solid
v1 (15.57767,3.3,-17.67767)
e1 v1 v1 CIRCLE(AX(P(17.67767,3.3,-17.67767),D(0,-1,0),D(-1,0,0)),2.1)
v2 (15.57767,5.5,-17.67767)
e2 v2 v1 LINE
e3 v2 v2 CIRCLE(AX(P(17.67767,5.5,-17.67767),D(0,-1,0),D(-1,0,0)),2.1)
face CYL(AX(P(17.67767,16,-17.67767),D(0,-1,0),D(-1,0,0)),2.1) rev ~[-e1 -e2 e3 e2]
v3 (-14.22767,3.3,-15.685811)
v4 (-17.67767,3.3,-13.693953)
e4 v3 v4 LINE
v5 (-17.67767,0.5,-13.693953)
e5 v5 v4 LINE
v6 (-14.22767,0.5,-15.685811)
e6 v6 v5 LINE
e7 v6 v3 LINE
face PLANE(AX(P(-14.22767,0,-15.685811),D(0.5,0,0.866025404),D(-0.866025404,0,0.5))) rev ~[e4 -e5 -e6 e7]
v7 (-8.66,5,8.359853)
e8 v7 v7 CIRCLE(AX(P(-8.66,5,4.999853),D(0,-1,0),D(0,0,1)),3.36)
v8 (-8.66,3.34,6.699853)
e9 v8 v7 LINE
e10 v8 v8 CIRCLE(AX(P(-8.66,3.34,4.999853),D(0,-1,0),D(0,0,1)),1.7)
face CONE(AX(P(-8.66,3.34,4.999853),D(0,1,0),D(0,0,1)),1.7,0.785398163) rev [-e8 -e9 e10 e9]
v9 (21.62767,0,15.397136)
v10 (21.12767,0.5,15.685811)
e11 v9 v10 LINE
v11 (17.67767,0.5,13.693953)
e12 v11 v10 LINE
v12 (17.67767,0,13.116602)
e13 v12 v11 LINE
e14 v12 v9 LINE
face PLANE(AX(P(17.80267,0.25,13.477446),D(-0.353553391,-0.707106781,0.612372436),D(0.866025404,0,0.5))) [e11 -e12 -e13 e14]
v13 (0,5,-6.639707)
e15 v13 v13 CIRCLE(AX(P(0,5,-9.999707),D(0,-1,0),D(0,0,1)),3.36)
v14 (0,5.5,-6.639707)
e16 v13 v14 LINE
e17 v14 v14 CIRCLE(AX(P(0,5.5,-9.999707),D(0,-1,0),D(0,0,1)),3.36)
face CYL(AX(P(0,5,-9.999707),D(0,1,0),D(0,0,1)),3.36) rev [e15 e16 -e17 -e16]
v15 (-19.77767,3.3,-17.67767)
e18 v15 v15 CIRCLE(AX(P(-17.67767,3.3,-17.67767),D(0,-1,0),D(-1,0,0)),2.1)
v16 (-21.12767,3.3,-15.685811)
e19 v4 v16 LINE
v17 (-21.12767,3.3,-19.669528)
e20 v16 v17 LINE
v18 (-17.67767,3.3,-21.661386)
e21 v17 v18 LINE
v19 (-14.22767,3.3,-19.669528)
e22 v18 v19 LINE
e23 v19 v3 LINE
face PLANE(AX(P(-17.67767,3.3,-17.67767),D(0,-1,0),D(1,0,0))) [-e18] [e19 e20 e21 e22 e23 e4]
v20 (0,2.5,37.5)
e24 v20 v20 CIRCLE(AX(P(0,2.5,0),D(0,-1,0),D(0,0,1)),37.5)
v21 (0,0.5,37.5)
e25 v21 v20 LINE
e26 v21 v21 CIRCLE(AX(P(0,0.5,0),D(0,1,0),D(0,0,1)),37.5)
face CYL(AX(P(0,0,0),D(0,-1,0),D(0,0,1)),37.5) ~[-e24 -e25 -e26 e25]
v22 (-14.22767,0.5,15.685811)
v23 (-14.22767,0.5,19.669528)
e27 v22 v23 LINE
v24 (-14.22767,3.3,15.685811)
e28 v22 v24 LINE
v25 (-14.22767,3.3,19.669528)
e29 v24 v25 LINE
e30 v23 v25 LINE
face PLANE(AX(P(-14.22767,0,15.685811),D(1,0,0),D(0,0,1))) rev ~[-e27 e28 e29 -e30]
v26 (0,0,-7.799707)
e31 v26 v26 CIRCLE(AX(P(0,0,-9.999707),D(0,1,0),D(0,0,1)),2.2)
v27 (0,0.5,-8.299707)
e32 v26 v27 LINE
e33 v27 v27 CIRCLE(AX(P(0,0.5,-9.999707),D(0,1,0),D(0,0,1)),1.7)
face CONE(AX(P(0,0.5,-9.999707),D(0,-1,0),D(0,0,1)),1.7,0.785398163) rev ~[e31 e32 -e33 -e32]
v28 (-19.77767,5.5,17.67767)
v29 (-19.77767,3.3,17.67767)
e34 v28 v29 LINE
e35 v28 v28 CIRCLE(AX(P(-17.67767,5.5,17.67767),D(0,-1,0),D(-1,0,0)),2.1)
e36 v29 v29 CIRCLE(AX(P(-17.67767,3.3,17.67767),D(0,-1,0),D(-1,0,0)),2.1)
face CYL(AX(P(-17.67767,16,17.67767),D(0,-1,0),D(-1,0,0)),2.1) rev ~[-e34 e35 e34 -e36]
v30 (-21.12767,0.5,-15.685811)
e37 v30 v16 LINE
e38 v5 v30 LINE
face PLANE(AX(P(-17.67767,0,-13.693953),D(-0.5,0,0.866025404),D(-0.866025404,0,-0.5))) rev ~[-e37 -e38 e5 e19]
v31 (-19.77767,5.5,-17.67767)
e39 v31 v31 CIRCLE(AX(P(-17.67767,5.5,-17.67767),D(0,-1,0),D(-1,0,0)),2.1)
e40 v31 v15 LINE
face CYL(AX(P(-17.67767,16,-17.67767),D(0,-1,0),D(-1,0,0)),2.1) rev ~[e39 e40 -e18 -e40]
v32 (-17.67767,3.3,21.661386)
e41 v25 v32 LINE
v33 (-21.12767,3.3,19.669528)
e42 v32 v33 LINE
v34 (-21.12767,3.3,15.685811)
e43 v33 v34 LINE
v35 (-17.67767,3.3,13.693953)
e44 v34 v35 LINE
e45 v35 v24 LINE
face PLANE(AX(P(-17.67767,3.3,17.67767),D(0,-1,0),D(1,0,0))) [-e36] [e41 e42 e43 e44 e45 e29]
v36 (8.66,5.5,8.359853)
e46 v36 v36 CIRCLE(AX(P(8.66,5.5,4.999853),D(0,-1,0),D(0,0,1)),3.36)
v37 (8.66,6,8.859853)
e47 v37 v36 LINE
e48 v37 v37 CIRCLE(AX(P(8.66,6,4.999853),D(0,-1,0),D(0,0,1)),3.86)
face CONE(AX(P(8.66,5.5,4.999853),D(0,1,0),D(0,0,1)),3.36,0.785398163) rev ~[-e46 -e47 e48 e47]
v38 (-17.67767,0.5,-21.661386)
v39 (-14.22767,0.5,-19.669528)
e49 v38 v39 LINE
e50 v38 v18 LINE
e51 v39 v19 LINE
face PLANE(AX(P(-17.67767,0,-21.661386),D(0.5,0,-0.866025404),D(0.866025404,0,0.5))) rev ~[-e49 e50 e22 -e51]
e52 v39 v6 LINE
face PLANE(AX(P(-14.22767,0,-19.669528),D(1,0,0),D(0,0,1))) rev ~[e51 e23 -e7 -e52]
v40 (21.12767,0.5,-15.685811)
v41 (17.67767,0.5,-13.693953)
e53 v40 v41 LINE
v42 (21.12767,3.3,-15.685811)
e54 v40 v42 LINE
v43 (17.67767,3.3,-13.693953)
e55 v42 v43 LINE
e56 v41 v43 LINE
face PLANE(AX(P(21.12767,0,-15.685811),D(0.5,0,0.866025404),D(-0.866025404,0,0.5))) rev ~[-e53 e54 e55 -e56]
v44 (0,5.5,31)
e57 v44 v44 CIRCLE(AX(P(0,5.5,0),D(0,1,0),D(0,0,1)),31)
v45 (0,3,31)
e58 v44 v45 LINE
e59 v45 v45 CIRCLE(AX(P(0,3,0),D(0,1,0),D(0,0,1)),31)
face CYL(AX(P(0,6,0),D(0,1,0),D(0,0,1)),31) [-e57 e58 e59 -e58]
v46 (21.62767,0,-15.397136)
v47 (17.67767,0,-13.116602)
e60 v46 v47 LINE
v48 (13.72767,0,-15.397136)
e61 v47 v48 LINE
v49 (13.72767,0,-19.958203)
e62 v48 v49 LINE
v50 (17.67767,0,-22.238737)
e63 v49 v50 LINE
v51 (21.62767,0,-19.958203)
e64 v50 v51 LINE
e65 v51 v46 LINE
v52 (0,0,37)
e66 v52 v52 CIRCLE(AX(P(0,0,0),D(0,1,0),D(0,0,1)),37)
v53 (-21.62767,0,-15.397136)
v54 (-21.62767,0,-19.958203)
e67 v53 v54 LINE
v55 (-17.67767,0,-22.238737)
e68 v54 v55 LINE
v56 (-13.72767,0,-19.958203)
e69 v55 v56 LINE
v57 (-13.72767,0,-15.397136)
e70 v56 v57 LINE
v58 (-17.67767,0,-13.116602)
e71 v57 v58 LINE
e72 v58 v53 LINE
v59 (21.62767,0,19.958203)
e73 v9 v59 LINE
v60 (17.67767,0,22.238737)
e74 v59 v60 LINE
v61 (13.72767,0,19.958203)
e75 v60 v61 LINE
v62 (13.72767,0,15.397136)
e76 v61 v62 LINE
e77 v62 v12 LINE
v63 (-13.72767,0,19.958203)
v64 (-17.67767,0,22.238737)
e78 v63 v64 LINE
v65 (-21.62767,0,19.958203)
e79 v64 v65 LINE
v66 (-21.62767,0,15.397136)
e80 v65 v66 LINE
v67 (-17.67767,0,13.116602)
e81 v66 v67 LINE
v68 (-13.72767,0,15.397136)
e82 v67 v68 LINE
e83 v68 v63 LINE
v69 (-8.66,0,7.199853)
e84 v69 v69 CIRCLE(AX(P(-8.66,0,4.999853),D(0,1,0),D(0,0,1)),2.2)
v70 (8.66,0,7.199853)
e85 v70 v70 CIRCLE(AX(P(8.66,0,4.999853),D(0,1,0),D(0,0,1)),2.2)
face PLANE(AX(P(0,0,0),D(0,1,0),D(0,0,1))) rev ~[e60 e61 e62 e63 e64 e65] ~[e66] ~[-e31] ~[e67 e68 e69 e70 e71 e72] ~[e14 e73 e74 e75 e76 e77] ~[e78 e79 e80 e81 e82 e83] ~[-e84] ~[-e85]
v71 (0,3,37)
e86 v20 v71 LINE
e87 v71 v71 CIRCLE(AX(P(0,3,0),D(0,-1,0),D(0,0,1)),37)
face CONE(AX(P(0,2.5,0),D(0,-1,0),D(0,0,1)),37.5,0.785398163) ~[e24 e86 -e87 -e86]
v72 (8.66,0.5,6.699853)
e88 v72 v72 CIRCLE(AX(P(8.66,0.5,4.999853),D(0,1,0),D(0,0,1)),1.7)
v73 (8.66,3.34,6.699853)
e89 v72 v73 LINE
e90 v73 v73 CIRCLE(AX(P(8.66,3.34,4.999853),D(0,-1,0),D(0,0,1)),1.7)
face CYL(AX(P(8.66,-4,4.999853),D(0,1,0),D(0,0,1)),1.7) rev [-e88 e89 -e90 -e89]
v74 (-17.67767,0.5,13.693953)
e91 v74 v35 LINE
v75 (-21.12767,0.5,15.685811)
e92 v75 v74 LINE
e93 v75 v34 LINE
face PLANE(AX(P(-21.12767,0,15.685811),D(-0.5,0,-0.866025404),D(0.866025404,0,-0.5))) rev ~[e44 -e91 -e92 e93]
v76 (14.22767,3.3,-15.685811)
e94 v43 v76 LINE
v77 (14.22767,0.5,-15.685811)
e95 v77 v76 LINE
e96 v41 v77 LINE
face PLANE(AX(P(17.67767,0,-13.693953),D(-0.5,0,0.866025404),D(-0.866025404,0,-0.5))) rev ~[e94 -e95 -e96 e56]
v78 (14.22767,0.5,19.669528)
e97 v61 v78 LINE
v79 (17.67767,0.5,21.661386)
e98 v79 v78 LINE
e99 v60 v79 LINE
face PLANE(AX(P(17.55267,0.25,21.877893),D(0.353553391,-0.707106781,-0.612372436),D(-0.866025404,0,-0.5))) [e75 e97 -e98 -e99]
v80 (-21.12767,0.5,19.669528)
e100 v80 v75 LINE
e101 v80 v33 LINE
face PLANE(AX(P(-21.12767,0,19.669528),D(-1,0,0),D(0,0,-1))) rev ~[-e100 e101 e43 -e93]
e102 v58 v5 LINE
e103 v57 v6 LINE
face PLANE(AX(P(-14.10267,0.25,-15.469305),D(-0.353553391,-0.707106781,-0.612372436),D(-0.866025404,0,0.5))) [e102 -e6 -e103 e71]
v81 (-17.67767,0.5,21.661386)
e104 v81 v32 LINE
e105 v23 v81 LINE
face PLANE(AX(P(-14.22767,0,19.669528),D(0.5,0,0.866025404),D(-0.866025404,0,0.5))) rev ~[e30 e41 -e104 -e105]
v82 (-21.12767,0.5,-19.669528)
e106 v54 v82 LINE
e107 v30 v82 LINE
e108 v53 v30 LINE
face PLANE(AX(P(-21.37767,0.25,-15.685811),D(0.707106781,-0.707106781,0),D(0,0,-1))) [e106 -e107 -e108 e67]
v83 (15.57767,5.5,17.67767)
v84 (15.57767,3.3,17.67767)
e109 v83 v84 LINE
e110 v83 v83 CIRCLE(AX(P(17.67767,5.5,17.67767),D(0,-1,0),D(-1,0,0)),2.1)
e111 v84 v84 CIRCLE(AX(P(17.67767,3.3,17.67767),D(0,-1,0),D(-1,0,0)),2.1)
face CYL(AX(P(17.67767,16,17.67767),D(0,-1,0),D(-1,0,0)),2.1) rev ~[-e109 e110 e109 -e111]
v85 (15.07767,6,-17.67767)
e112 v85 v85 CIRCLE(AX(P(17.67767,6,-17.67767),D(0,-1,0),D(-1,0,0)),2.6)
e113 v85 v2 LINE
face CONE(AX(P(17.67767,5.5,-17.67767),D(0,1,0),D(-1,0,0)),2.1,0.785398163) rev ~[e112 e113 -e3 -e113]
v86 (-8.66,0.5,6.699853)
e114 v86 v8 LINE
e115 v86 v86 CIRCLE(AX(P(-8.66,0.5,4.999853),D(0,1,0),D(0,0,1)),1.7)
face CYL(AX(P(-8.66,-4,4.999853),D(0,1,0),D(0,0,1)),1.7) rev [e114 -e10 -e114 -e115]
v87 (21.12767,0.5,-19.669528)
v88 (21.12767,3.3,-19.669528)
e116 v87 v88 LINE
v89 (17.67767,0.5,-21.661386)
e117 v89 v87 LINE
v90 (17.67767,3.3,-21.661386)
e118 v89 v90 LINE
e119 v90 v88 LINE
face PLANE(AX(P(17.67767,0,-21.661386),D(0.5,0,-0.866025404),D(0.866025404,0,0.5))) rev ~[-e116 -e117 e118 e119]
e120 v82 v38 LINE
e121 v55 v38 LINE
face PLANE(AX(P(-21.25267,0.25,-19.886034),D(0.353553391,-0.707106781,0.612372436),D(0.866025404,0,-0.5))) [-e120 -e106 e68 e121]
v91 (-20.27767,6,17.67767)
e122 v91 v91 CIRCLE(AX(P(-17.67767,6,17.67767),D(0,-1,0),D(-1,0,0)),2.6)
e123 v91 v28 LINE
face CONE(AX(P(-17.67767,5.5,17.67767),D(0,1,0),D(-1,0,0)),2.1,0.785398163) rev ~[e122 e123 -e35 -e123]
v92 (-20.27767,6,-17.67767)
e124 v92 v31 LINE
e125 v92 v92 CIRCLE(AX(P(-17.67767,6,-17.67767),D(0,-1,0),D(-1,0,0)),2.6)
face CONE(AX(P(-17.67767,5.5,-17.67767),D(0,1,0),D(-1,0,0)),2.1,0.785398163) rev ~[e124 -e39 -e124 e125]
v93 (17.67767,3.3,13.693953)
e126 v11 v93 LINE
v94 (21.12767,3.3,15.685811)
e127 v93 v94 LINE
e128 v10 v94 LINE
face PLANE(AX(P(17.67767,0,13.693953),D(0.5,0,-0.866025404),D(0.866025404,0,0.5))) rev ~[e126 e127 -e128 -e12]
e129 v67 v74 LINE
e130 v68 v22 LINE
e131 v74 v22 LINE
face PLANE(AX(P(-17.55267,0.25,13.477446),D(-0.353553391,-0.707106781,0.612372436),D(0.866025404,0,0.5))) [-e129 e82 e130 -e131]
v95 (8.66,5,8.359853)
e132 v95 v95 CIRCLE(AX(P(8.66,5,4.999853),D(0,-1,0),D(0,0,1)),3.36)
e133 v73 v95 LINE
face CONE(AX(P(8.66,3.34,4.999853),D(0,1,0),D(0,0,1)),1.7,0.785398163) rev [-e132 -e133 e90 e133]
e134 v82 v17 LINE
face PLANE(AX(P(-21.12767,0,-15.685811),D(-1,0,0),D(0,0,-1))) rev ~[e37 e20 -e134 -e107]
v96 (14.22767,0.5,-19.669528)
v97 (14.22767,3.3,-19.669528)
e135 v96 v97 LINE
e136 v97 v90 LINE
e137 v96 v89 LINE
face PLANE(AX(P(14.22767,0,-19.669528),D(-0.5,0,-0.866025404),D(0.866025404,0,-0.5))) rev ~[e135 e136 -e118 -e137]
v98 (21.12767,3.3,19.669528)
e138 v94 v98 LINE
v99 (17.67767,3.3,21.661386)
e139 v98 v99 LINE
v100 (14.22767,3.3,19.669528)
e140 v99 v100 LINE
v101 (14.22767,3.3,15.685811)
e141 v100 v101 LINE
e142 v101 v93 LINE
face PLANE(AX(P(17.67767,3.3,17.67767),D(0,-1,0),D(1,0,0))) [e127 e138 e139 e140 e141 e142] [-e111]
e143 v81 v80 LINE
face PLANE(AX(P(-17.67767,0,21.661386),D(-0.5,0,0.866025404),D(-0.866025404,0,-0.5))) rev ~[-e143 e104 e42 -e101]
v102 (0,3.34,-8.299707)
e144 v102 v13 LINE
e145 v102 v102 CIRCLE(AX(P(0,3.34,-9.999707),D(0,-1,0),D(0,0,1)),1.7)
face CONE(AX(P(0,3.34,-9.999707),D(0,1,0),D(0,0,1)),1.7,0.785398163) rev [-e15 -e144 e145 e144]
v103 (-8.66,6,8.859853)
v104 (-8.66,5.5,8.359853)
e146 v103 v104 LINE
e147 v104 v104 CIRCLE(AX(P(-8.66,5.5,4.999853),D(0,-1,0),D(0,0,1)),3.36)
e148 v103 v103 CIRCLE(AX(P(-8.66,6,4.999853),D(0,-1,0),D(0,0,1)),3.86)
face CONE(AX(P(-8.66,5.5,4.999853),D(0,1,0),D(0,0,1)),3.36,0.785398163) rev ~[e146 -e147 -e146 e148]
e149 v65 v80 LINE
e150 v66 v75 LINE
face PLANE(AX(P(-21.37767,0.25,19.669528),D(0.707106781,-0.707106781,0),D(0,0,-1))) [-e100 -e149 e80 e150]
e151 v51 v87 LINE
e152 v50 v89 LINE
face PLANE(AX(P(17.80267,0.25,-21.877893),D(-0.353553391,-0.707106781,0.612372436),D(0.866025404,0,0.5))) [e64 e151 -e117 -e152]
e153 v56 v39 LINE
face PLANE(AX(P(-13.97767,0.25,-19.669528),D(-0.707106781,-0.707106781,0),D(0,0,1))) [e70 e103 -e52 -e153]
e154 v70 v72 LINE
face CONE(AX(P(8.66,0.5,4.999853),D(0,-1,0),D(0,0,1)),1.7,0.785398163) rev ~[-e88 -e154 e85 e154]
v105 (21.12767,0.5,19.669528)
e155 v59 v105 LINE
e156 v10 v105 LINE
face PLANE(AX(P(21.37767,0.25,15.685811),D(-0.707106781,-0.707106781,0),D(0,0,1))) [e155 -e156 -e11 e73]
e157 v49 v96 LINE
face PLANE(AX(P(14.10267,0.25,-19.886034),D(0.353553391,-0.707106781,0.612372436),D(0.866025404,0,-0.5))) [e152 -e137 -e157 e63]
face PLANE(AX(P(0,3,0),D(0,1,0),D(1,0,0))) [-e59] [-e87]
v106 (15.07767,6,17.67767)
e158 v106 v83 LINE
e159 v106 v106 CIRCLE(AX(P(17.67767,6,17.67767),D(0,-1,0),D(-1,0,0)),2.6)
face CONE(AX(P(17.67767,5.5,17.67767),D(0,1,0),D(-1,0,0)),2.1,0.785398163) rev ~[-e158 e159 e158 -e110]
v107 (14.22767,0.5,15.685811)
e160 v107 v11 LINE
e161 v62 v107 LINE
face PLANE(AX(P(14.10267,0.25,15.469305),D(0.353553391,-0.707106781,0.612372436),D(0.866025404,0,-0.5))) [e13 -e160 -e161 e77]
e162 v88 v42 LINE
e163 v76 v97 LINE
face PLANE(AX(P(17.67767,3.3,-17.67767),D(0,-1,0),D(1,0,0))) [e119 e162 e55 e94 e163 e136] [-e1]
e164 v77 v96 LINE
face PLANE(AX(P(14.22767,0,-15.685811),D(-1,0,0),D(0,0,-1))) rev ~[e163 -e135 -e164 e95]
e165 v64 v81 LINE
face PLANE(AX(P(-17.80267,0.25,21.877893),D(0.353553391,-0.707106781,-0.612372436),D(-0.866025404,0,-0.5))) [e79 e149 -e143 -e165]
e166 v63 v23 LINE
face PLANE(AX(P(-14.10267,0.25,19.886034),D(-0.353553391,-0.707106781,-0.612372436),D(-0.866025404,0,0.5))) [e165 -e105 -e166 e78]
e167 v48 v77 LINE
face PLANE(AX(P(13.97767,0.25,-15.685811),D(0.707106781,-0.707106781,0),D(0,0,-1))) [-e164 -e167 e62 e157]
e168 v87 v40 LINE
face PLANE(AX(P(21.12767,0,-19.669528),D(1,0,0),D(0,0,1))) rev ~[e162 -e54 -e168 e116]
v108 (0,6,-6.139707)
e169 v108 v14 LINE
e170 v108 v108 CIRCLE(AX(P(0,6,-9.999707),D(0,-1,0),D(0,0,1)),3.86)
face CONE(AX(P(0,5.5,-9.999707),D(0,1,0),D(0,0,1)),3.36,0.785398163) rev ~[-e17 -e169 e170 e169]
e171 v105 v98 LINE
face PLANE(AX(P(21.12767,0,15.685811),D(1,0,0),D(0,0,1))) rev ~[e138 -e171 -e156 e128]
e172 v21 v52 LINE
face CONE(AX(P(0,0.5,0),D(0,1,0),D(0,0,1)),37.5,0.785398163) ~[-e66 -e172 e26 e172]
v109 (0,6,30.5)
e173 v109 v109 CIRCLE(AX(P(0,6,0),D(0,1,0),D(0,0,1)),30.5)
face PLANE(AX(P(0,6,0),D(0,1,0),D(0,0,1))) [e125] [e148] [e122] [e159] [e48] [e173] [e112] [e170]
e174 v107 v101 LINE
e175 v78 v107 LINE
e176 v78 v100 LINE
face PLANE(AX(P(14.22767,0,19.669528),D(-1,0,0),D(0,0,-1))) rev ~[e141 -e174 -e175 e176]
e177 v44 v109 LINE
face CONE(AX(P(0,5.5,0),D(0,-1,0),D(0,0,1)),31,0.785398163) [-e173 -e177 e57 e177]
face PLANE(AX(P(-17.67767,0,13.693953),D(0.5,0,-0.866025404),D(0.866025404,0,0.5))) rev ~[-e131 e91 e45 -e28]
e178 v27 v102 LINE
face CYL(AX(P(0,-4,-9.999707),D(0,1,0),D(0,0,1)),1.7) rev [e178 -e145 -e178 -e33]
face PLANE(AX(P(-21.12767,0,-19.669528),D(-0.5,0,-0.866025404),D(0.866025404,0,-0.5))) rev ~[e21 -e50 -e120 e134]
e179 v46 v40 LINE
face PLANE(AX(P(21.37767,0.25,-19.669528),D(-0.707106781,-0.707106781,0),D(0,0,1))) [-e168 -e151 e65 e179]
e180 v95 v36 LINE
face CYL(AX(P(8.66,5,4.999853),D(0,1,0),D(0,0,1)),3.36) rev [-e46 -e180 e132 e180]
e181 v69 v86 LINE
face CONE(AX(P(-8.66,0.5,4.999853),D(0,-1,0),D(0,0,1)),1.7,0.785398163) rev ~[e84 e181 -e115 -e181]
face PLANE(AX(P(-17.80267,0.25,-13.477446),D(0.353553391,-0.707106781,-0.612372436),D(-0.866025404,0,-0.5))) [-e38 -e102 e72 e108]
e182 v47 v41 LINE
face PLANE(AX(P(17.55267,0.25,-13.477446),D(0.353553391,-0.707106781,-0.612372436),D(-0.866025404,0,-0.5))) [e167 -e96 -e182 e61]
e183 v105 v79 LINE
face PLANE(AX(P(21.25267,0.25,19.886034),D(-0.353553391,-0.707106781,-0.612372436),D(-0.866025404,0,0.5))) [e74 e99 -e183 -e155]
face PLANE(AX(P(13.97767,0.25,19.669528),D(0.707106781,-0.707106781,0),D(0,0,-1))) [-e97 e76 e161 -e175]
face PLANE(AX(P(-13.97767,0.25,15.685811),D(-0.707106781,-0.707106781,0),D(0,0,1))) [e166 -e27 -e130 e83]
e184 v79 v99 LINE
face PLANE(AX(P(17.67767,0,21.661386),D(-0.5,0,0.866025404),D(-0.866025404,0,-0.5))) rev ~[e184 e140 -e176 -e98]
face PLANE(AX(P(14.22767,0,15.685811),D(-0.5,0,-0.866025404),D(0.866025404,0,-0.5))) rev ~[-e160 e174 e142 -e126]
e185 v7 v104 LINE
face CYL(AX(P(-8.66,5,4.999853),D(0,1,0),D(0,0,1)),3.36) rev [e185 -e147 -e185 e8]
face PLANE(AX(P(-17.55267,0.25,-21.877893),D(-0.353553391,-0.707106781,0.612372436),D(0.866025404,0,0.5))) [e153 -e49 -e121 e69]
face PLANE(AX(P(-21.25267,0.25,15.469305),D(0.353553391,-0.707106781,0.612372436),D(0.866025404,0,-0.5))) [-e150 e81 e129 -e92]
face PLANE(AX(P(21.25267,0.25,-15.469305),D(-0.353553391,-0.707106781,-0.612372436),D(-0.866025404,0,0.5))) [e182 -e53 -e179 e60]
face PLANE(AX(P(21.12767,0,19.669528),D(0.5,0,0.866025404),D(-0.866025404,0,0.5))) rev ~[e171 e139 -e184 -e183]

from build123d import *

# Parameters (mm, degrees)
SKETCH1_R                    = 37.5
BOSS_EXTRUDE1_DEPTH          = 6
CSK_FOR_M3_SFHCS1_AT_2_COUNT = 2
CSK_FOR_M3_SFHCS1_AT_2_PITCH = 17.32
CSK_FOR_M3_SFHCS1_AT_3_COUNT = 2
CSK_FOR_M3_SFHCS1_AT_3_PITCH = 17.32
SKETCH5_OUTSIDE_W            = 98.248
SKETCH5_OUTSIDE_H            = 98.248
SKETCH5_OUTSIDE_R            = 31
CUT_EXTRUDE2_DEPTH           = 3
F_4_0MM_DOWEL_HOLE1_D        = 4.2
F_4_0MM_DOWEL_HOLE1_DEPTH    = 10
F_4_0MM_DOWEL_HOLE1_TIP      = 1.2618073
CUT_EXTRUDE3_DEPTH           = 3.3
CHAMFER1_SIZE                = 0.5


with BuildPart() as part:
    # Sketch1 → Boss-Extrude1 (new body)
    with BuildSketch(Plane(origin=(0, 0, 0), x_dir=(1, 0, 0), z_dir=(0, 1, 0))):
        with Locations(Location((0, 0, 0), (0, 0, 270))):
            Circle(SKETCH1_R)
    extrude(amount=BOSS_EXTRUDE1_DEPTH)

    # Sketch3 → CSK for M3 SFHCS1 (revolve, cut)
    with BuildSketch(Plane(origin=(8.66, 6, 4.999853331), x_dir=(0, 0, 1), z_dir=(1, 0, 0))):
        Polygon((0, 0), (0, 11.021463052), (1.7, 10), (1.7, 2.66), (3.36, 1), (3.36, 0), align=None)
    csk_for_m3_sfhcs1 = revolve(axis=Axis((8.66, 12.35, 4.999853331), (0, -1, 0)), mode=Mode.SUBTRACT)

    # CSK for M3 SFHCS1 at 2: CSK for M3 SFHCS1 ×2
    with Locations(*[Vector(-0.5000000000000001, 0, -0.8660254037844387) * (i * CSK_FOR_M3_SFHCS1_AT_2_PITCH) for i in range(1, CSK_FOR_M3_SFHCS1_AT_2_COUNT)]):
        add(csk_for_m3_sfhcs1, mode=Mode.SUBTRACT)

    # CSK for M3 SFHCS1 at 3: CSK for M3 SFHCS1 ×2
    with Locations(*[(-i * CSK_FOR_M3_SFHCS1_AT_3_PITCH, 0, 0) for i in range(1, CSK_FOR_M3_SFHCS1_AT_3_COUNT)]):
        add(csk_for_m3_sfhcs1, mode=Mode.SUBTRACT)

    # Sketch5 outside → Cut-Extrude2 (cut)
    with BuildSketch(Plane(origin=(0, 6, 0), x_dir=(1, 0, 0), z_dir=(0, 1, 0))):
        Rectangle(SKETCH5_OUTSIDE_W, SKETCH5_OUTSIDE_H)
        with Locations(Location((0, 0, 0), (0, 0, 270))):
            Circle(SKETCH5_OUTSIDE_R, mode=Mode.SUBTRACT)
    extrude(amount=-CUT_EXTRUDE2_DEPTH, mode=Mode.SUBTRACT)

    # Ø4.0mm Dowel Hole1
    with Locations(Plane(origin=(0, 6, 0), x_dir=(1, 0, 0), z_dir=(0, 1, 0))):
        with Locations((17.67766953, 17.67766953), (-17.67766953, 17.67766953), (17.67766953, -17.67766953), (-17.67766953, -17.67766953)):
            Hole(F_4_0MM_DOWEL_HOLE1_D / 2, depth=F_4_0MM_DOWEL_HOLE1_DEPTH)
            with Locations((0, 0, -(F_4_0MM_DOWEL_HOLE1_DEPTH + F_4_0MM_DOWEL_HOLE1_TIP / 2))):  # 118° drill point
                Cone(0, F_4_0MM_DOWEL_HOLE1_D / 2, F_4_0MM_DOWEL_HOLE1_TIP, mode=Mode.SUBTRACT)

    # Sketch8 → Cut-Extrude3 (cut)
    with BuildSketch(Plane.XZ):
        Polygon((-14.22766953, 15.685811101), (-14.22766953, 19.669527958), (-17.67766953, 21.661386387), (-21.12766953, 19.669527958), (-21.12766953, 15.685811101), (-17.67766953, 13.693952672), align=None)
        Polygon((17.67766953, 13.693952672), (21.12766953, 15.685811101), (21.12766953, 19.669527958), (17.67766953, 21.661386387), (14.22766953, 19.669527958), (14.22766953, 15.685811101), align=None)
        Polygon((14.22766953, -19.669527958), (17.67766953, -21.661386387), (21.12766953, -19.669527958), (21.12766953, -15.685811101), (17.67766953, -13.693952672), (14.22766953, -15.685811101), align=None)
        Polygon((-14.22766953, -19.669527958), (-14.22766953, -15.685811101), (-17.67766953, -13.693952672), (-21.12766953, -15.685811101), (-21.12766953, -19.669527958), (-17.67766953, -21.661386387), align=None)
    extrude(amount=-CUT_EXTRUDE3_DEPTH, mode=Mode.SUBTRACT)

    # Chamfer1
    chamfer1_edges = [part.edges().sort_by_distance(p)[0] for p in [
        (15.95266953, 0, 14.689881887),
        (19.40266953, 0, 14.689881887),
        (21.12766953, 0, 17.67766953),
        (19.40266953, 0, 20.665457173),
        (15.95266953, 0, 20.665457173),
        (14.22766953, 0, 17.67766953),
        (-15.95266953, 0, 14.689881887),
        (-14.22766953, 0, 17.67766953),
        (-15.95266953, 0, 20.665457173),
        (-19.40266953, 0, 20.665457173),
        (-21.12766953, 0, 17.67766953),
        (-19.40266953, 0, 14.689881887),
        (-8.66, 0, 3.299853331),
        (-8.66, 6, 1.639853331),
        (0, 0, -37.5),
        (0, 0, -11.699706662),
        (0, 6, -13.359706662),
        (0, 3, -37.5),
        (0, 6, -31),
        (19.77766953, 6, -17.67766953),
        (-15.57766953, 6, 17.67766953),
        (19.77766953, 6, 17.67766953),
        (-15.57766953, 6, -17.67766953),
        (8.66, 0, 3.299853331),
        (8.66, 6, 1.639853331),
        (-15.95266953, 0, -20.665457173),
        (-14.22766953, 0, -17.67766953),
        (-15.95266953, 0, -14.689881887),
        (-19.40266953, 0, -14.689881887),
        (-21.12766953, 0, -17.67766953),
        (-19.40266953, 0, -20.665457173),
        (14.22766953, 0, -17.67766953),
        (15.95266953, 0, -20.665457173),
        (19.40266953, 0, -20.665457173),
        (21.12766953, 0, -17.67766953),
        (19.40266953, 0, -14.689881887),
        (15.95266953, 0, -14.689881887),
    ]]
    chamfer(chamfer1_edges, length=CHAMFER1_SIZE)


solid = part.part
